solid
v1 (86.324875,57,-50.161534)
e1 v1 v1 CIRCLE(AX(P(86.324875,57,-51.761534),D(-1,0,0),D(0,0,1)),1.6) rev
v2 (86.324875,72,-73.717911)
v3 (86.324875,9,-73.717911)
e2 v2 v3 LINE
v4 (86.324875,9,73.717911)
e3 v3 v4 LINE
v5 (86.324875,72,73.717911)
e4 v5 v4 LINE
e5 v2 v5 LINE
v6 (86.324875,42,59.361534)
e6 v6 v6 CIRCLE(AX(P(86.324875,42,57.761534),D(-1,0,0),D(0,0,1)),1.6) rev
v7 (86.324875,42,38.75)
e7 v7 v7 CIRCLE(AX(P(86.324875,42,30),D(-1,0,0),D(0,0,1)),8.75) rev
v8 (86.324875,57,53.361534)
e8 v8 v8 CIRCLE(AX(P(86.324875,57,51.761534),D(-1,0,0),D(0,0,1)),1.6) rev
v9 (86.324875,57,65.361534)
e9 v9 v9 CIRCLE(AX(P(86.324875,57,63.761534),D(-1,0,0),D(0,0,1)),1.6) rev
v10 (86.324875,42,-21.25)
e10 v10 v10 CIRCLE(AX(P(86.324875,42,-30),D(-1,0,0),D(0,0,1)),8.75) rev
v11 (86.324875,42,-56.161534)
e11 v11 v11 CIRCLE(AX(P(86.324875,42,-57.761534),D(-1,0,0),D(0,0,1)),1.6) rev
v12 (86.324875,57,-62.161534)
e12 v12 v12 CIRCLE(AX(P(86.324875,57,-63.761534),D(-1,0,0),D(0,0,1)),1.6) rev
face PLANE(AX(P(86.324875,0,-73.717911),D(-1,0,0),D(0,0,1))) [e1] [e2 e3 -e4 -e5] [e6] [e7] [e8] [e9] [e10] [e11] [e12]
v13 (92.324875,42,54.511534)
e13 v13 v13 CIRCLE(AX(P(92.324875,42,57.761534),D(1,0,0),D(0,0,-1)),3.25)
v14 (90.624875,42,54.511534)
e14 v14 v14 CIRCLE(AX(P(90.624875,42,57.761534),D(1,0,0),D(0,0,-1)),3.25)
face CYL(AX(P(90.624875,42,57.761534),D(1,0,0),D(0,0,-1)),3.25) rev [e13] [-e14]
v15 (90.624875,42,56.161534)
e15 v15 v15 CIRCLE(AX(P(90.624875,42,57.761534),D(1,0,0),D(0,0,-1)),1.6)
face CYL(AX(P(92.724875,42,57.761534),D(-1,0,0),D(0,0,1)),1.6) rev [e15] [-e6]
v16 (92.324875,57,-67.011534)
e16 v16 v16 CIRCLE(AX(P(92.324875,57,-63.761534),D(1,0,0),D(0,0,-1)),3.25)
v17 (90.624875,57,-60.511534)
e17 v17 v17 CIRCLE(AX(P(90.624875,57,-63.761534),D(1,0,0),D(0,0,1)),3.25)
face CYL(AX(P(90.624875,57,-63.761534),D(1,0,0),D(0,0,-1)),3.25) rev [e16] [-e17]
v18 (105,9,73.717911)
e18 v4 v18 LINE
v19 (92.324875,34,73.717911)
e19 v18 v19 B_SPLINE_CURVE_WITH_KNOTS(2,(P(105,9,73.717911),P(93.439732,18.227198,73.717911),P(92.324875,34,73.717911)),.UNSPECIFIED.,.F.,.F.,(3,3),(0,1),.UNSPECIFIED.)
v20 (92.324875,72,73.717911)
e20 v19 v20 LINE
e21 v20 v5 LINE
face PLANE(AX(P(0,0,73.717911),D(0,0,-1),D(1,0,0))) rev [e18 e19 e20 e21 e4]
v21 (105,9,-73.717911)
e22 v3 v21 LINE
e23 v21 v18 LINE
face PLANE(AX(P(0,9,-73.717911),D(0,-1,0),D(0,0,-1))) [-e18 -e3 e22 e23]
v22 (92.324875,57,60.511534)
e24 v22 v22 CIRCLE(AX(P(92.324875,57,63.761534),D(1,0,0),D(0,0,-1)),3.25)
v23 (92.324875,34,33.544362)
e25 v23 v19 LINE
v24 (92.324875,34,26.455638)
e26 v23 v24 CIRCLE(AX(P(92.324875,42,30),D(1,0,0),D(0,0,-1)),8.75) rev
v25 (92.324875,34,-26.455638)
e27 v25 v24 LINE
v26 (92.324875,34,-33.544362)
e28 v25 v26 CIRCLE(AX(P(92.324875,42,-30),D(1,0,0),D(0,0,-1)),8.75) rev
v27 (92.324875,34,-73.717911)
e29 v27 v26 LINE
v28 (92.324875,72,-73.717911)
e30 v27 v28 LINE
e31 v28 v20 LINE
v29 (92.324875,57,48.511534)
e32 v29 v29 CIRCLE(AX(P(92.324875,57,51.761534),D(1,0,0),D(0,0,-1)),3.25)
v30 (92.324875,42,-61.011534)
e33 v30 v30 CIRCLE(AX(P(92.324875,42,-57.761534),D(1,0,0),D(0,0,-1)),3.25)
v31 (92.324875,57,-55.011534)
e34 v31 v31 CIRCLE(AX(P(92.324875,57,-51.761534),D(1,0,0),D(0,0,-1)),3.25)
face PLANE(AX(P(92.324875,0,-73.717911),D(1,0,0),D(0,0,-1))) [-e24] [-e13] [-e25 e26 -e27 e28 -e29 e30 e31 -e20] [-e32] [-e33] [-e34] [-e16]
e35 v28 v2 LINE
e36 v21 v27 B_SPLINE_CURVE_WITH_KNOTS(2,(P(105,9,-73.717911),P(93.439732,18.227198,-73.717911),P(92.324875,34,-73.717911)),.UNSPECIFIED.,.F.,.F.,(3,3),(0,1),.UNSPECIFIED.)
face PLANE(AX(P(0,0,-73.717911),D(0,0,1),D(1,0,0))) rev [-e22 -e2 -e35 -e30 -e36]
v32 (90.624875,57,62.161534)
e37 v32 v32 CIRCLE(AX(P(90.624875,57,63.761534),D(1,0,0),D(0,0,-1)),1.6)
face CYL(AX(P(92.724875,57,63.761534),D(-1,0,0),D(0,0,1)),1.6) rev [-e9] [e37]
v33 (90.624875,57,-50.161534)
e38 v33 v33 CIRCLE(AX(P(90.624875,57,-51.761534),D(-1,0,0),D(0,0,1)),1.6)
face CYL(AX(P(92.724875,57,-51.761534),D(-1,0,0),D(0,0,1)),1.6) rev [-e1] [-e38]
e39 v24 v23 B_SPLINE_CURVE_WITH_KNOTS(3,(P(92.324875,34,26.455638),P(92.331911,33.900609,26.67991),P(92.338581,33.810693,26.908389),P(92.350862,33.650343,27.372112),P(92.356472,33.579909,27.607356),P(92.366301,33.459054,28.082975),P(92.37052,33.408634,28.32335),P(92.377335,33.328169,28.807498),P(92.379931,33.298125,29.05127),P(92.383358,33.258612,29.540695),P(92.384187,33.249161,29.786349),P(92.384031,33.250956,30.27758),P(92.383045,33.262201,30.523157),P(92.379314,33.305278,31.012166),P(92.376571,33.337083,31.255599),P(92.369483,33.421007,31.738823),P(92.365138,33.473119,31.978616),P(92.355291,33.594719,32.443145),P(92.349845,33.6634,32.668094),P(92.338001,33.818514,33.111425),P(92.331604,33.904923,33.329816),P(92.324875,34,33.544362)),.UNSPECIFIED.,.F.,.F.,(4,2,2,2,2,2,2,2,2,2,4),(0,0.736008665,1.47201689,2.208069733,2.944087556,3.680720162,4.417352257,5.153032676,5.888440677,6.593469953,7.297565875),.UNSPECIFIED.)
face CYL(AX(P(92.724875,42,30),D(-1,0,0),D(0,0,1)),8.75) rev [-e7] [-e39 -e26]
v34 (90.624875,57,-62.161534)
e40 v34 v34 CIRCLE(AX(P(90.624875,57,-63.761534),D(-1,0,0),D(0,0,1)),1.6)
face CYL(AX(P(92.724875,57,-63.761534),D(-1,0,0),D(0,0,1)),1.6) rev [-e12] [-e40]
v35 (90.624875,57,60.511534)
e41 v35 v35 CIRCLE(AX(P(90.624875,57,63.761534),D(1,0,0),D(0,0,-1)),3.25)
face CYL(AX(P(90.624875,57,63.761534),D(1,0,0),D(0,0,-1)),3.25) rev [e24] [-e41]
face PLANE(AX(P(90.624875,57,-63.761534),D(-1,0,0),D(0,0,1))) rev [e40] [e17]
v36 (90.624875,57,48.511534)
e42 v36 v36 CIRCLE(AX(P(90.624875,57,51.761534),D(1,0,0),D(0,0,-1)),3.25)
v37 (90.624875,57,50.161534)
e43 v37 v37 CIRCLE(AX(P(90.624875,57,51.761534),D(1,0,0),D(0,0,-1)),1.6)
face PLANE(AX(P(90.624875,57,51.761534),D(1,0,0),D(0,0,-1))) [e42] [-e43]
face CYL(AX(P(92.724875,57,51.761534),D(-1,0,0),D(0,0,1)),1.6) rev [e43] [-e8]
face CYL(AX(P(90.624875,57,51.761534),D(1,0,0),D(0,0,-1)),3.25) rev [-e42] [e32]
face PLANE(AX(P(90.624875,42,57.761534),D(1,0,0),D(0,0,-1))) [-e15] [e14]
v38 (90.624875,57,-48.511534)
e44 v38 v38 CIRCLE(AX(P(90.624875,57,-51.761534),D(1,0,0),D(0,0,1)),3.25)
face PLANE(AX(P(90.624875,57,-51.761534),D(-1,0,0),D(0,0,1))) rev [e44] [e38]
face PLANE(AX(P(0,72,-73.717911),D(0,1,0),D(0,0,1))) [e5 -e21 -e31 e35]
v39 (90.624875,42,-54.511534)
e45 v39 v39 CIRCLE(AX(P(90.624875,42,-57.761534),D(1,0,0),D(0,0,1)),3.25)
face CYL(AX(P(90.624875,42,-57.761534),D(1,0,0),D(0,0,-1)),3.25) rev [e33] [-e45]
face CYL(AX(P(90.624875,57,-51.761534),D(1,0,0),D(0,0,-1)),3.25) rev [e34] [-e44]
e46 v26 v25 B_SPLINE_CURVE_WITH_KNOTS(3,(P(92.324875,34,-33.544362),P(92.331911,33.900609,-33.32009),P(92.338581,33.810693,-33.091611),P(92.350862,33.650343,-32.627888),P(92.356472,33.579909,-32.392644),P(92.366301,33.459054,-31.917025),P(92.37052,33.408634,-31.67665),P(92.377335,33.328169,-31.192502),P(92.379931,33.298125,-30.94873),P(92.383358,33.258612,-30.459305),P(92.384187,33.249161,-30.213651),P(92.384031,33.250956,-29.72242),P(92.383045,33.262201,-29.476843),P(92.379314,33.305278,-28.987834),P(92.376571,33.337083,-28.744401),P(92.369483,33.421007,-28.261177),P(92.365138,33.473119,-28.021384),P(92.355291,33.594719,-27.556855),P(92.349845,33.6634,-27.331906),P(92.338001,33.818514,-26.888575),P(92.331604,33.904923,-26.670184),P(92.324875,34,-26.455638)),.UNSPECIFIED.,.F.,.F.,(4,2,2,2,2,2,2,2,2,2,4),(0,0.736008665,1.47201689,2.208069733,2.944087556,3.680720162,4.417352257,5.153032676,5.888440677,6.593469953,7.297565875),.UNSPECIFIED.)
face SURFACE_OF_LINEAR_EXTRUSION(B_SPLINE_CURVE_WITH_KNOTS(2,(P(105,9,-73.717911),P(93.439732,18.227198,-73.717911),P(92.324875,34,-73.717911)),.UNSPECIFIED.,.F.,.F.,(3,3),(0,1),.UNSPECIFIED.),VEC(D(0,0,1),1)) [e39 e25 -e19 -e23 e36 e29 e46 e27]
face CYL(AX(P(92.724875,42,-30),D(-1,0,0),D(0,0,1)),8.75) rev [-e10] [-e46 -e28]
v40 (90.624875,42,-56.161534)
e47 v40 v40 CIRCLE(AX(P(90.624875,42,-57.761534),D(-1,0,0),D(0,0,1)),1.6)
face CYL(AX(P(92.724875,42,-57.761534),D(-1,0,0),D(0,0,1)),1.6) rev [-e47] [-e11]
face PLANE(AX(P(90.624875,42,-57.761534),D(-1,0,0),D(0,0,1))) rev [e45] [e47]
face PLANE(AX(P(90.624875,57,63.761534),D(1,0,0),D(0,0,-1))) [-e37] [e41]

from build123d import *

# Parameters (mm, degrees)
SALIENTE_EXTRUIR1_DEPTH           = 73.717911
CORTAR_EXTRUIR1_REACH             = 8
CROQUIS3_R                        = 8.75
CORTAR_EXTRUIR1_DIRECTION_2_DEPTH = 0.4
CORTAR_EXTRUIR2_REACH             = 8
CROQUIS4_R                        = 1.6
CORTAR_EXTRUIR2_DIRECTION_2_DEPTH = 0.4
CROQUIS5_R                        = 3.25
CORTAR_EXTRUIR3_DEPTH             = 2.5


with BuildPart() as part:
    # Croquis1 → Saliente-Extruir1 (new body)
    with BuildSketch(Plane.XY):
        with BuildLine():
            Line((86.324875029, 72), (86.324875029, 9))
            Line((86.324875029, 9), (105, 9))
            add(Edge.make_bspline(
                [(105, 9), (93.439731725, 18.227197661), (92.324875029, 34)],
                knots=[0, 0, 0, 1, 1, 1], degree=2))
            Line((92.324875029, 34), (92.324875029, 72))
            Line((92.324875029, 72), (86.324875029, 72))
        make_face()
    saliente_extruir1 = extrude(amount=-SALIENTE_EXTRUIR1_DEPTH)

    # Simetr_a1: Saliente-Extruir1 across Front Plane
    add(saliente_extruir1.mirror(Plane.XY))

    # Croquis3 → Cortar-Extruir1 (cut, up to next)
    with BuildSketch(Plane(origin=(92.324875029, 0, 0), x_dir=(0, 0, -1), z_dir=(1, 0, 0)), mode=Mode.PRIVATE) as cortar_extruir1_sk1:
        with BuildLine():
            Line((33.54436172, 34), (26.45563828, 34))
            ThreePointArc((26.45563828, 34), (30, 33.25), (33.54436172, 34))
        make_face()
    cortar_extruir1_tool1 = extrude(cortar_extruir1_sk1.sketch, amount=-CORTAR_EXTRUIR1_REACH, mode=Mode.PRIVATE) & part.part
    add(cortar_extruir1_tool1.solids().sort_by_distance((92.324875, 33.69887, -30))[0], mode=Mode.SUBTRACT)
    # Croquis3 → Cortar-Extruir1 (cut, up to next)
    with BuildSketch(Plane(origin=(92.324875029, 0, 0), x_dir=(0, 0, -1), z_dir=(1, 0, 0)), mode=Mode.PRIVATE) as cortar_extruir1_sk2:
        with BuildLine():
            ThreePointArc((38.75, 42), (25.227718839, 49.334018852), (26.45563828, 34))
            Line((26.45563828, 34), (33.54436172, 34))
            ThreePointArc((33.54436172, 34), (37.334018852, 37.227718839), (38.75, 42))
        make_face()
    cortar_extruir1_tool2 = extrude(cortar_extruir1_sk2.sketch, amount=-CORTAR_EXTRUIR1_REACH, mode=Mode.PRIVATE) & part.part
    add(cortar_extruir1_tool2.solids().sort_by_distance((92.324875, 42.125274, -30))[0], mode=Mode.SUBTRACT)
    # Croquis3 → Cortar-Extruir1 (cut, up to next)
    with BuildSketch(Plane(origin=(92.324875029, 0, 0), x_dir=(0, 0, -1), z_dir=(1, 0, 0)), mode=Mode.PRIVATE) as cortar_extruir1_sk3:
        with Locations((-30, 42)):
            Circle(CROQUIS3_R)
    cortar_extruir1_tool3 = extrude(cortar_extruir1_sk3.sketch, amount=-CORTAR_EXTRUIR1_REACH, mode=Mode.PRIVATE) & part.part
    add(cortar_extruir1_tool3.solids().sort_by_distance((92.324875, 42, 30))[0], mode=Mode.SUBTRACT)

    # Croquis3 → Cortar-Extruir1 direction 2 (cut)
    with BuildSketch(Plane(origin=(92.324875029, 0, 0), x_dir=(0, 0, -1), z_dir=(1, 0, 0))):
        with BuildLine():
            Line((33.54436172, 34), (26.45563828, 34))
            ThreePointArc((26.45563828, 34), (30, 33.25), (33.54436172, 34))
        make_face()
        with BuildLine():
            ThreePointArc((38.75, 42), (25.227718839, 49.334018852), (26.45563828, 34))
            Line((26.45563828, 34), (33.54436172, 34))
            ThreePointArc((33.54436172, 34), (37.334018852, 37.227718839), (38.75, 42))
        make_face()
        with Locations((-30, 42)):
            Circle(CROQUIS3_R)
    extrude(amount=CORTAR_EXTRUIR1_DIRECTION_2_DEPTH, mode=Mode.SUBTRACT)

    # Croquis4 → Cortar-Extruir2 (cut, up to next)
    with BuildSketch(Plane(origin=(92.324875029, 0, 0), x_dir=(0, 0, -1), z_dir=(1, 0, 0)), mode=Mode.PRIVATE) as cortar_extruir2_sk1:
        with Locations((-57.761533754, 42)):
            Circle(CROQUIS4_R)
    cortar_extruir2_tool1 = extrude(cortar_extruir2_sk1.sketch, amount=-CORTAR_EXTRUIR2_REACH, mode=Mode.PRIVATE) & part.part
    add(cortar_extruir2_tool1.solids().sort_by_distance((92.324875, 42, 57.761534))[0], mode=Mode.SUBTRACT)
    # Croquis4 → Cortar-Extruir2 (cut, up to next)
    with BuildSketch(Plane(origin=(92.324875029, 0, 0), x_dir=(0, 0, -1), z_dir=(1, 0, 0)), mode=Mode.PRIVATE) as cortar_extruir2_sk2:
        with Locations((-63.761533754, 57)):
            Circle(CROQUIS4_R)
    cortar_extruir2_tool2 = extrude(cortar_extruir2_sk2.sketch, amount=-CORTAR_EXTRUIR2_REACH, mode=Mode.PRIVATE) & part.part
    add(cortar_extruir2_tool2.solids().sort_by_distance((92.324875, 57, 63.761534))[0], mode=Mode.SUBTRACT)
    # Croquis4 → Cortar-Extruir2 (cut, up to next)
    with BuildSketch(Plane(origin=(92.324875029, 0, 0), x_dir=(0, 0, -1), z_dir=(1, 0, 0)), mode=Mode.PRIVATE) as cortar_extruir2_sk3:
        with Locations((-51.761533754, 57)):
            Circle(CROQUIS4_R)
    cortar_extruir2_tool3 = extrude(cortar_extruir2_sk3.sketch, amount=-CORTAR_EXTRUIR2_REACH, mode=Mode.PRIVATE) & part.part
    add(cortar_extruir2_tool3.solids().sort_by_distance((92.324875, 57, 51.761534))[0], mode=Mode.SUBTRACT)
    # Croquis4 → Cortar-Extruir2 (cut, up to next)
    with BuildSketch(Plane(origin=(92.324875029, 0, 0), x_dir=(0, 0, -1), z_dir=(1, 0, 0)), mode=Mode.PRIVATE) as cortar_extruir2_sk4:
        with Locations((51.761533754, 57)):
            Circle(CROQUIS4_R)
    cortar_extruir2_tool4 = extrude(cortar_extruir2_sk4.sketch, amount=-CORTAR_EXTRUIR2_REACH, mode=Mode.PRIVATE) & part.part
    add(cortar_extruir2_tool4.solids().sort_by_distance((92.324875, 57, -51.761534))[0], mode=Mode.SUBTRACT)
    # Croquis4 → Cortar-Extruir2 (cut, up to next)
    with BuildSketch(Plane(origin=(92.324875029, 0, 0), x_dir=(0, 0, -1), z_dir=(1, 0, 0)), mode=Mode.PRIVATE) as cortar_extruir2_sk5:
        with Locations((63.761533754, 57)):
            Circle(CROQUIS4_R)
    cortar_extruir2_tool5 = extrude(cortar_extruir2_sk5.sketch, amount=-CORTAR_EXTRUIR2_REACH, mode=Mode.PRIVATE) & part.part
    add(cortar_extruir2_tool5.solids().sort_by_distance((92.324875, 57, -63.761534))[0], mode=Mode.SUBTRACT)
    # Croquis4 → Cortar-Extruir2 (cut, up to next)
    with BuildSketch(Plane(origin=(92.324875029, 0, 0), x_dir=(0, 0, -1), z_dir=(1, 0, 0)), mode=Mode.PRIVATE) as cortar_extruir2_sk6:
        with Locations((57.761533754, 42)):
            Circle(CROQUIS4_R)
    cortar_extruir2_tool6 = extrude(cortar_extruir2_sk6.sketch, amount=-CORTAR_EXTRUIR2_REACH, mode=Mode.PRIVATE) & part.part
    add(cortar_extruir2_tool6.solids().sort_by_distance((92.324875, 42, -57.761534))[0], mode=Mode.SUBTRACT)

    # Croquis4 → Cortar-Extruir2 direction 2 (cut)
    with BuildSketch(Plane(origin=(92.324875029, 0, 0), x_dir=(0, 0, -1), z_dir=(1, 0, 0))):
        with Locations((-57.761533754, 42)):
            Circle(CROQUIS4_R)
        with Locations((-63.761533754, 57)):
            Circle(CROQUIS4_R)
        with Locations((-51.761533754, 57)):
            Circle(CROQUIS4_R)
        with Locations((51.761533754, 57)):
            Circle(CROQUIS4_R)
        with Locations((63.761533754, 57)):
            Circle(CROQUIS4_R)
        with Locations((57.761533754, 42)):
            Circle(CROQUIS4_R)
    extrude(amount=CORTAR_EXTRUIR2_DIRECTION_2_DEPTH, mode=Mode.SUBTRACT)

    # Croquis5 → Cortar-Extruir3 (cut)
    with BuildSketch(Plane(origin=(93.124875029, 0, 0), x_dir=(0, 0, -1), z_dir=(1, 0, 0))):
        with Locations((-57.761533754, 42)):
            Circle(CROQUIS5_R)
        with Locations((-63.761533754, 57)):
            Circle(CROQUIS5_R)
        with Locations((-51.761533754, 57)):
            Circle(CROQUIS5_R)
        with Locations((51.761533754, 57)):
            Circle(CROQUIS5_R)
        with Locations((63.761533754, 57)):
            Circle(CROQUIS5_R)
        with Locations((57.761533754, 42)):
            Circle(CROQUIS5_R)
    extrude(amount=-CORTAR_EXTRUIR3_DEPTH, mode=Mode.SUBTRACT)


solid = part.part
